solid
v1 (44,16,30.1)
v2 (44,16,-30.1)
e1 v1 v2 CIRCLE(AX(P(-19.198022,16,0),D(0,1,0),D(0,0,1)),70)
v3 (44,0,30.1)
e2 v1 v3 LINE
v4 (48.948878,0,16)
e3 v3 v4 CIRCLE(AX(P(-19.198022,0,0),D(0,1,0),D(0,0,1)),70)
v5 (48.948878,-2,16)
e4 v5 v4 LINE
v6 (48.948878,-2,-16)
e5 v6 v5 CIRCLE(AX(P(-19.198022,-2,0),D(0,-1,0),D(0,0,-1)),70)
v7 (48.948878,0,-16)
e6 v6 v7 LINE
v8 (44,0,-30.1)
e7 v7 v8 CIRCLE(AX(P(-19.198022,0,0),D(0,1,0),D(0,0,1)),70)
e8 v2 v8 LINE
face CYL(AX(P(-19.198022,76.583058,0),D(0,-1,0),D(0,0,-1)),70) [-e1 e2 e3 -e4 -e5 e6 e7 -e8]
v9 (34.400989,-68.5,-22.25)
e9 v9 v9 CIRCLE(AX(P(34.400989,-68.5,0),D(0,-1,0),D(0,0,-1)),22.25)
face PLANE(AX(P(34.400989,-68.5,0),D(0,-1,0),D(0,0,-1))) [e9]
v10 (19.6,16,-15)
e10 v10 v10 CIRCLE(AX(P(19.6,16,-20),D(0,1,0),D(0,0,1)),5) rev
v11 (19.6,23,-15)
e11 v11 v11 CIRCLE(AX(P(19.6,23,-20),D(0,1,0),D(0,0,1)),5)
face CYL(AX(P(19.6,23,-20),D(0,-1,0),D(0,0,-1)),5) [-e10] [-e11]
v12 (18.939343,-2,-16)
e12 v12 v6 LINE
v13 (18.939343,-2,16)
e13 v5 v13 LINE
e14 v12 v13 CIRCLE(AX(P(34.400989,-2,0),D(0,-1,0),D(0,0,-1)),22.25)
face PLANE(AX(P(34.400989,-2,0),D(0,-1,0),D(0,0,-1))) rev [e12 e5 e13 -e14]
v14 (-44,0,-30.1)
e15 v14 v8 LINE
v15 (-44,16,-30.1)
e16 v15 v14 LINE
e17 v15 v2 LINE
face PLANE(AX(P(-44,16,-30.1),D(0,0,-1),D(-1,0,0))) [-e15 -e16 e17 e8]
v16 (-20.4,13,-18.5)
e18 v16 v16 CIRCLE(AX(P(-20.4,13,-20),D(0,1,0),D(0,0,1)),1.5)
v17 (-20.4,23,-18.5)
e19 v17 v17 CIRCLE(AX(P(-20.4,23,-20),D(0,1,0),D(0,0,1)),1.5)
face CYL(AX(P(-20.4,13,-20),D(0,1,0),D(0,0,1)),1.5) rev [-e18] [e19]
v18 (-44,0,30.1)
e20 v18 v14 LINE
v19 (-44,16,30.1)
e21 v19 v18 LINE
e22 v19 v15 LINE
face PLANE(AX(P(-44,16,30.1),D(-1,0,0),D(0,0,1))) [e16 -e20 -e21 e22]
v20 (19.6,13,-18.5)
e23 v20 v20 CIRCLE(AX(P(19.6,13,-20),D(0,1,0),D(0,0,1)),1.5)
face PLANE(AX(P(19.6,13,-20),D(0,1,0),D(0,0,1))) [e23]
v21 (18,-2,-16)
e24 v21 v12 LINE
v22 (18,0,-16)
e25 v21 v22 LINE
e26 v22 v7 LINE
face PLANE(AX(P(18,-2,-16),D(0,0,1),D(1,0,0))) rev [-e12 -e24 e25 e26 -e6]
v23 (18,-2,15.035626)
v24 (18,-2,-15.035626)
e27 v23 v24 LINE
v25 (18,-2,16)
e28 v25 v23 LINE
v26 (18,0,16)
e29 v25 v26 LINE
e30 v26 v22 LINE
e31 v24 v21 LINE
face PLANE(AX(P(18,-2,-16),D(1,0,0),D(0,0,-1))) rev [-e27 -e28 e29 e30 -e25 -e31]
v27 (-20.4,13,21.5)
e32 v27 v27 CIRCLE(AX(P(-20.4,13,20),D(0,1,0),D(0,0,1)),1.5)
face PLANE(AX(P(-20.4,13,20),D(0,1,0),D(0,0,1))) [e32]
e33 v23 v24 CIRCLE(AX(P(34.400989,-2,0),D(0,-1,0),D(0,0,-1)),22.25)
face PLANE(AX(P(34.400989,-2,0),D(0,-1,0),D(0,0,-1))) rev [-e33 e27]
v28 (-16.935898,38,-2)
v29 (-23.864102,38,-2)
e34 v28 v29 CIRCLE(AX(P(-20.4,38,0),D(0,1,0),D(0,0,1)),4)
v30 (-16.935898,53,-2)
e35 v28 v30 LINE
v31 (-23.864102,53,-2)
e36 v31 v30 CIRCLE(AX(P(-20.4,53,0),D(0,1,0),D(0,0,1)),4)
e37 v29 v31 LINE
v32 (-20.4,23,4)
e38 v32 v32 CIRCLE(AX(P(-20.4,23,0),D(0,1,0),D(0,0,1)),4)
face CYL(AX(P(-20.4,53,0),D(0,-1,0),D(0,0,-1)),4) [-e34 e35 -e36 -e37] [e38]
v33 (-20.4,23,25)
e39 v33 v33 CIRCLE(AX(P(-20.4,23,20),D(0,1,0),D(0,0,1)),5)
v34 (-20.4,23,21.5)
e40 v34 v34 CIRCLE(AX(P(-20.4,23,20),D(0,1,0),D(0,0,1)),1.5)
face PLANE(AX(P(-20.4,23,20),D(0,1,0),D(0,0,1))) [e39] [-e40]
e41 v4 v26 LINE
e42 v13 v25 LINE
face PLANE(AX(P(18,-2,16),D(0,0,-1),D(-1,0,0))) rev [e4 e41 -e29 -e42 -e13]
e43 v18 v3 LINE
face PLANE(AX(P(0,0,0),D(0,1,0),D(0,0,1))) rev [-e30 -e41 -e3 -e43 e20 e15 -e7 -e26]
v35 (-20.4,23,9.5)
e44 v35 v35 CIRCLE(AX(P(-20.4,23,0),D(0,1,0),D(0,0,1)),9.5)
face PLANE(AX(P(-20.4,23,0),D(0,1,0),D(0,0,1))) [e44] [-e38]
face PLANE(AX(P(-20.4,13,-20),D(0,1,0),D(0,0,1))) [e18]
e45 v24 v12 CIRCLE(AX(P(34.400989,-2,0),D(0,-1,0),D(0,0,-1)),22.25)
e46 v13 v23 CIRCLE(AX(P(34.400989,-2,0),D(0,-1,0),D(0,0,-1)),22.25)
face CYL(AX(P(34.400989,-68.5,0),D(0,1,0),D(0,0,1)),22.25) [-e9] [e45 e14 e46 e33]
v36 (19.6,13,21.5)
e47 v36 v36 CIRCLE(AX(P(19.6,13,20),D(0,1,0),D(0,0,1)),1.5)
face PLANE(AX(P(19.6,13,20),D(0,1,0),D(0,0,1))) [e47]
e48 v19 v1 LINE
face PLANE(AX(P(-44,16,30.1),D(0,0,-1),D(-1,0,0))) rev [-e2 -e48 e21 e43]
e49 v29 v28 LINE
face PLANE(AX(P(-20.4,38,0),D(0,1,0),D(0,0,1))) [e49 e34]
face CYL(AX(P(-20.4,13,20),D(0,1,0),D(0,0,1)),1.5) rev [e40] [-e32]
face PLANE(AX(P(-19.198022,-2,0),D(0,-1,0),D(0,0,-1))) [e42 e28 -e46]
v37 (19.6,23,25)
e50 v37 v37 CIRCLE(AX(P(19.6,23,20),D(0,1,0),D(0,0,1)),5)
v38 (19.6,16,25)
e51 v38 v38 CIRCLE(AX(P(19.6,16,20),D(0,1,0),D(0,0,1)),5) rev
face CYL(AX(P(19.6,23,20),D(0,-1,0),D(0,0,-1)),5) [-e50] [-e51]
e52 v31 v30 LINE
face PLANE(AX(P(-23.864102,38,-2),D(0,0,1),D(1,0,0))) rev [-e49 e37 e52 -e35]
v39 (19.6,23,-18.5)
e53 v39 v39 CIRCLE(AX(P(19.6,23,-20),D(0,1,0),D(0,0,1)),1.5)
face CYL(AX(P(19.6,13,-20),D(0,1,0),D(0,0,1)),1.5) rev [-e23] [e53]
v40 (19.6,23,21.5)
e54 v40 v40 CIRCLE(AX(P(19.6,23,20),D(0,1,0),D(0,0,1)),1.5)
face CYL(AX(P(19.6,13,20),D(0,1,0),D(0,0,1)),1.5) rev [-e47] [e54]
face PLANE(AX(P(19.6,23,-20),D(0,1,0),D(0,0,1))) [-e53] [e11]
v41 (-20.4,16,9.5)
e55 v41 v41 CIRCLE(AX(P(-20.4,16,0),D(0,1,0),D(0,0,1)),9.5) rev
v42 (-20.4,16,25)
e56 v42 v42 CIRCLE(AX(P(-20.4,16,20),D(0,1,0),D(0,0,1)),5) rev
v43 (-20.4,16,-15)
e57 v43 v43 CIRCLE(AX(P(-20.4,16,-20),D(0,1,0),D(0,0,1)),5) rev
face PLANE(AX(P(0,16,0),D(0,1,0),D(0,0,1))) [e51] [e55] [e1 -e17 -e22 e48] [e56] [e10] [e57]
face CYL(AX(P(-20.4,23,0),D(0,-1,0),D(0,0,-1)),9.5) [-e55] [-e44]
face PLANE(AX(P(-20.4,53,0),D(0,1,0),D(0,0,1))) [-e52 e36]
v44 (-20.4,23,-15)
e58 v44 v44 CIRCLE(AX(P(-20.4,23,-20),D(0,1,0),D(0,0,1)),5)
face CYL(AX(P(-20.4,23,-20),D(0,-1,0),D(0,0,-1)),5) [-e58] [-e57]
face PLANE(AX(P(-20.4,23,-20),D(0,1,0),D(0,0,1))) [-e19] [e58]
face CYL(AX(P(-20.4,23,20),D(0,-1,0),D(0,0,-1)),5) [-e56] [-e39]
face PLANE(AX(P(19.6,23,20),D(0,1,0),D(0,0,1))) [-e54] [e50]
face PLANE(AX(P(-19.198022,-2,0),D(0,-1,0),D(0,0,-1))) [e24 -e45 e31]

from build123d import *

# Parameters (mm, degrees)
SKETCH_1_W          = 88
SKETCH_1_H          = 60.2
EXTRUDE_1_DEPTH     = 16
SKETCH_1_4_R        = 5
SKETCH_1_4_R_2      = 9.5
EXTRUDE_3_DEPTH     = 23
SKETCH_2_R          = 4
EXTRUDE_4_DEPTH     = 30
CUT_EXTRUDE_3_DEPTH = 15
SKETCH_4_R          = 1.5
CUT_EXTRUDE_4_DEPTH = 10
EXTRUDE_6_DEPTH     = 16
EXTRUDE_7_DEPTH     = 2
SKETCH_7_R          = 22.25
EXTRUDE_8_DEPTH     = 66.5


with BuildPart() as part:
    # 草图1 → 凸台-拉伸1 (new body)
    with BuildSketch(Plane(origin=(0, 0, 0), x_dir=(1, 0, 0), z_dir=(0, 1, 0))):
        Rectangle(SKETCH_1_W, SKETCH_1_H)
    extrude(amount=EXTRUDE_1_DEPTH)

    # 草图1<4> → 凸台-拉伸3 (add)
    with BuildSketch(Plane(origin=(0, 0, 0), x_dir=(1, 0, 0), z_dir=(0, 1, 0))):
        with Locations((-20.4, 20)):
            Circle(SKETCH_1_4_R)
        with Locations((19.6, 20)):
            Circle(SKETCH_1_4_R)
        with Locations((19.6, -20)):
            Circle(SKETCH_1_4_R)
        with Locations((-20.4, -20)):
            Circle(SKETCH_1_4_R)
        with Locations((-20.4, 0)):
            Circle(SKETCH_1_4_R_2)
    extrude(amount=EXTRUDE_3_DEPTH)

    # 草图2 → 凸台-拉伸4 (add)
    with BuildSketch(Plane(origin=(0, 23, 0), x_dir=(1, 0, 0), z_dir=(0, 1, 0))):
        with Locations((-20.4, 0)):
            Circle(SKETCH_2_R)
    extrude(amount=EXTRUDE_4_DEPTH)

    # 草图3 → 切除-拉伸3 (cut)
    with BuildSketch(Plane(origin=(0, 53, 0), x_dir=(1, 0, 0), z_dir=(0, 1, 0))):
        with BuildLine():
            Line((-23.864101615, 2), (-16.935898385, 2))
            ThreePointArc((-16.935898385, 2), (-20.4, 4), (-23.864101615, 2))
        make_face()
    extrude(amount=-CUT_EXTRUDE_3_DEPTH, mode=Mode.SUBTRACT)

    # 草图4 → 切除-拉伸4 (cut)
    with BuildSketch(Plane(origin=(0, 23, 0), x_dir=(1, 0, 0), z_dir=(0, 1, 0))):
        with Locations((-20.4, 20)):
            Circle(SKETCH_4_R)
        with Locations((19.6, 20)):
            Circle(SKETCH_4_R)
        with Locations((19.6, -20)):
            Circle(SKETCH_4_R)
        with Locations((-20.4, -20)):
            Circle(SKETCH_4_R)
    extrude(amount=-CUT_EXTRUDE_4_DEPTH, mode=Mode.SUBTRACT)

    # 草图5 → 凸台-拉伸6 (add)
    with BuildSketch(Plane(origin=(0, 0, 0), x_dir=(1, 0, 0), z_dir=(0, 1, 0))):
        with BuildLine():
            Line((44, -30.1), (44, 30.1))
            ThreePointArc((44, 30.1), (50.801977879, 0), (44, -30.1))
        make_face()
    extrude(amount=EXTRUDE_6_DEPTH)

    # 草图6 → 凸台-拉伸7 (add)
    with BuildSketch(Plane.XZ):
        with BuildLine():
            Line((18, -16), (48.948878029, -16))
            ThreePointArc((48.948878029, -16), (50.801977879, 0), (48.948878029, 16))
            Line((48.948878029, 16), (18, 16))
            Line((18, 16), (18, -16))
        make_face()
    extrude(amount=EXTRUDE_7_DEPTH)

    # 草图7 → 凸台-拉伸8 (add)
    with BuildSketch(Plane.XZ.offset(2)):
        with Locations((34.40098894, 0)):
            Circle(SKETCH_7_R)
    extrude(amount=EXTRUDE_8_DEPTH)


solid = part.part
